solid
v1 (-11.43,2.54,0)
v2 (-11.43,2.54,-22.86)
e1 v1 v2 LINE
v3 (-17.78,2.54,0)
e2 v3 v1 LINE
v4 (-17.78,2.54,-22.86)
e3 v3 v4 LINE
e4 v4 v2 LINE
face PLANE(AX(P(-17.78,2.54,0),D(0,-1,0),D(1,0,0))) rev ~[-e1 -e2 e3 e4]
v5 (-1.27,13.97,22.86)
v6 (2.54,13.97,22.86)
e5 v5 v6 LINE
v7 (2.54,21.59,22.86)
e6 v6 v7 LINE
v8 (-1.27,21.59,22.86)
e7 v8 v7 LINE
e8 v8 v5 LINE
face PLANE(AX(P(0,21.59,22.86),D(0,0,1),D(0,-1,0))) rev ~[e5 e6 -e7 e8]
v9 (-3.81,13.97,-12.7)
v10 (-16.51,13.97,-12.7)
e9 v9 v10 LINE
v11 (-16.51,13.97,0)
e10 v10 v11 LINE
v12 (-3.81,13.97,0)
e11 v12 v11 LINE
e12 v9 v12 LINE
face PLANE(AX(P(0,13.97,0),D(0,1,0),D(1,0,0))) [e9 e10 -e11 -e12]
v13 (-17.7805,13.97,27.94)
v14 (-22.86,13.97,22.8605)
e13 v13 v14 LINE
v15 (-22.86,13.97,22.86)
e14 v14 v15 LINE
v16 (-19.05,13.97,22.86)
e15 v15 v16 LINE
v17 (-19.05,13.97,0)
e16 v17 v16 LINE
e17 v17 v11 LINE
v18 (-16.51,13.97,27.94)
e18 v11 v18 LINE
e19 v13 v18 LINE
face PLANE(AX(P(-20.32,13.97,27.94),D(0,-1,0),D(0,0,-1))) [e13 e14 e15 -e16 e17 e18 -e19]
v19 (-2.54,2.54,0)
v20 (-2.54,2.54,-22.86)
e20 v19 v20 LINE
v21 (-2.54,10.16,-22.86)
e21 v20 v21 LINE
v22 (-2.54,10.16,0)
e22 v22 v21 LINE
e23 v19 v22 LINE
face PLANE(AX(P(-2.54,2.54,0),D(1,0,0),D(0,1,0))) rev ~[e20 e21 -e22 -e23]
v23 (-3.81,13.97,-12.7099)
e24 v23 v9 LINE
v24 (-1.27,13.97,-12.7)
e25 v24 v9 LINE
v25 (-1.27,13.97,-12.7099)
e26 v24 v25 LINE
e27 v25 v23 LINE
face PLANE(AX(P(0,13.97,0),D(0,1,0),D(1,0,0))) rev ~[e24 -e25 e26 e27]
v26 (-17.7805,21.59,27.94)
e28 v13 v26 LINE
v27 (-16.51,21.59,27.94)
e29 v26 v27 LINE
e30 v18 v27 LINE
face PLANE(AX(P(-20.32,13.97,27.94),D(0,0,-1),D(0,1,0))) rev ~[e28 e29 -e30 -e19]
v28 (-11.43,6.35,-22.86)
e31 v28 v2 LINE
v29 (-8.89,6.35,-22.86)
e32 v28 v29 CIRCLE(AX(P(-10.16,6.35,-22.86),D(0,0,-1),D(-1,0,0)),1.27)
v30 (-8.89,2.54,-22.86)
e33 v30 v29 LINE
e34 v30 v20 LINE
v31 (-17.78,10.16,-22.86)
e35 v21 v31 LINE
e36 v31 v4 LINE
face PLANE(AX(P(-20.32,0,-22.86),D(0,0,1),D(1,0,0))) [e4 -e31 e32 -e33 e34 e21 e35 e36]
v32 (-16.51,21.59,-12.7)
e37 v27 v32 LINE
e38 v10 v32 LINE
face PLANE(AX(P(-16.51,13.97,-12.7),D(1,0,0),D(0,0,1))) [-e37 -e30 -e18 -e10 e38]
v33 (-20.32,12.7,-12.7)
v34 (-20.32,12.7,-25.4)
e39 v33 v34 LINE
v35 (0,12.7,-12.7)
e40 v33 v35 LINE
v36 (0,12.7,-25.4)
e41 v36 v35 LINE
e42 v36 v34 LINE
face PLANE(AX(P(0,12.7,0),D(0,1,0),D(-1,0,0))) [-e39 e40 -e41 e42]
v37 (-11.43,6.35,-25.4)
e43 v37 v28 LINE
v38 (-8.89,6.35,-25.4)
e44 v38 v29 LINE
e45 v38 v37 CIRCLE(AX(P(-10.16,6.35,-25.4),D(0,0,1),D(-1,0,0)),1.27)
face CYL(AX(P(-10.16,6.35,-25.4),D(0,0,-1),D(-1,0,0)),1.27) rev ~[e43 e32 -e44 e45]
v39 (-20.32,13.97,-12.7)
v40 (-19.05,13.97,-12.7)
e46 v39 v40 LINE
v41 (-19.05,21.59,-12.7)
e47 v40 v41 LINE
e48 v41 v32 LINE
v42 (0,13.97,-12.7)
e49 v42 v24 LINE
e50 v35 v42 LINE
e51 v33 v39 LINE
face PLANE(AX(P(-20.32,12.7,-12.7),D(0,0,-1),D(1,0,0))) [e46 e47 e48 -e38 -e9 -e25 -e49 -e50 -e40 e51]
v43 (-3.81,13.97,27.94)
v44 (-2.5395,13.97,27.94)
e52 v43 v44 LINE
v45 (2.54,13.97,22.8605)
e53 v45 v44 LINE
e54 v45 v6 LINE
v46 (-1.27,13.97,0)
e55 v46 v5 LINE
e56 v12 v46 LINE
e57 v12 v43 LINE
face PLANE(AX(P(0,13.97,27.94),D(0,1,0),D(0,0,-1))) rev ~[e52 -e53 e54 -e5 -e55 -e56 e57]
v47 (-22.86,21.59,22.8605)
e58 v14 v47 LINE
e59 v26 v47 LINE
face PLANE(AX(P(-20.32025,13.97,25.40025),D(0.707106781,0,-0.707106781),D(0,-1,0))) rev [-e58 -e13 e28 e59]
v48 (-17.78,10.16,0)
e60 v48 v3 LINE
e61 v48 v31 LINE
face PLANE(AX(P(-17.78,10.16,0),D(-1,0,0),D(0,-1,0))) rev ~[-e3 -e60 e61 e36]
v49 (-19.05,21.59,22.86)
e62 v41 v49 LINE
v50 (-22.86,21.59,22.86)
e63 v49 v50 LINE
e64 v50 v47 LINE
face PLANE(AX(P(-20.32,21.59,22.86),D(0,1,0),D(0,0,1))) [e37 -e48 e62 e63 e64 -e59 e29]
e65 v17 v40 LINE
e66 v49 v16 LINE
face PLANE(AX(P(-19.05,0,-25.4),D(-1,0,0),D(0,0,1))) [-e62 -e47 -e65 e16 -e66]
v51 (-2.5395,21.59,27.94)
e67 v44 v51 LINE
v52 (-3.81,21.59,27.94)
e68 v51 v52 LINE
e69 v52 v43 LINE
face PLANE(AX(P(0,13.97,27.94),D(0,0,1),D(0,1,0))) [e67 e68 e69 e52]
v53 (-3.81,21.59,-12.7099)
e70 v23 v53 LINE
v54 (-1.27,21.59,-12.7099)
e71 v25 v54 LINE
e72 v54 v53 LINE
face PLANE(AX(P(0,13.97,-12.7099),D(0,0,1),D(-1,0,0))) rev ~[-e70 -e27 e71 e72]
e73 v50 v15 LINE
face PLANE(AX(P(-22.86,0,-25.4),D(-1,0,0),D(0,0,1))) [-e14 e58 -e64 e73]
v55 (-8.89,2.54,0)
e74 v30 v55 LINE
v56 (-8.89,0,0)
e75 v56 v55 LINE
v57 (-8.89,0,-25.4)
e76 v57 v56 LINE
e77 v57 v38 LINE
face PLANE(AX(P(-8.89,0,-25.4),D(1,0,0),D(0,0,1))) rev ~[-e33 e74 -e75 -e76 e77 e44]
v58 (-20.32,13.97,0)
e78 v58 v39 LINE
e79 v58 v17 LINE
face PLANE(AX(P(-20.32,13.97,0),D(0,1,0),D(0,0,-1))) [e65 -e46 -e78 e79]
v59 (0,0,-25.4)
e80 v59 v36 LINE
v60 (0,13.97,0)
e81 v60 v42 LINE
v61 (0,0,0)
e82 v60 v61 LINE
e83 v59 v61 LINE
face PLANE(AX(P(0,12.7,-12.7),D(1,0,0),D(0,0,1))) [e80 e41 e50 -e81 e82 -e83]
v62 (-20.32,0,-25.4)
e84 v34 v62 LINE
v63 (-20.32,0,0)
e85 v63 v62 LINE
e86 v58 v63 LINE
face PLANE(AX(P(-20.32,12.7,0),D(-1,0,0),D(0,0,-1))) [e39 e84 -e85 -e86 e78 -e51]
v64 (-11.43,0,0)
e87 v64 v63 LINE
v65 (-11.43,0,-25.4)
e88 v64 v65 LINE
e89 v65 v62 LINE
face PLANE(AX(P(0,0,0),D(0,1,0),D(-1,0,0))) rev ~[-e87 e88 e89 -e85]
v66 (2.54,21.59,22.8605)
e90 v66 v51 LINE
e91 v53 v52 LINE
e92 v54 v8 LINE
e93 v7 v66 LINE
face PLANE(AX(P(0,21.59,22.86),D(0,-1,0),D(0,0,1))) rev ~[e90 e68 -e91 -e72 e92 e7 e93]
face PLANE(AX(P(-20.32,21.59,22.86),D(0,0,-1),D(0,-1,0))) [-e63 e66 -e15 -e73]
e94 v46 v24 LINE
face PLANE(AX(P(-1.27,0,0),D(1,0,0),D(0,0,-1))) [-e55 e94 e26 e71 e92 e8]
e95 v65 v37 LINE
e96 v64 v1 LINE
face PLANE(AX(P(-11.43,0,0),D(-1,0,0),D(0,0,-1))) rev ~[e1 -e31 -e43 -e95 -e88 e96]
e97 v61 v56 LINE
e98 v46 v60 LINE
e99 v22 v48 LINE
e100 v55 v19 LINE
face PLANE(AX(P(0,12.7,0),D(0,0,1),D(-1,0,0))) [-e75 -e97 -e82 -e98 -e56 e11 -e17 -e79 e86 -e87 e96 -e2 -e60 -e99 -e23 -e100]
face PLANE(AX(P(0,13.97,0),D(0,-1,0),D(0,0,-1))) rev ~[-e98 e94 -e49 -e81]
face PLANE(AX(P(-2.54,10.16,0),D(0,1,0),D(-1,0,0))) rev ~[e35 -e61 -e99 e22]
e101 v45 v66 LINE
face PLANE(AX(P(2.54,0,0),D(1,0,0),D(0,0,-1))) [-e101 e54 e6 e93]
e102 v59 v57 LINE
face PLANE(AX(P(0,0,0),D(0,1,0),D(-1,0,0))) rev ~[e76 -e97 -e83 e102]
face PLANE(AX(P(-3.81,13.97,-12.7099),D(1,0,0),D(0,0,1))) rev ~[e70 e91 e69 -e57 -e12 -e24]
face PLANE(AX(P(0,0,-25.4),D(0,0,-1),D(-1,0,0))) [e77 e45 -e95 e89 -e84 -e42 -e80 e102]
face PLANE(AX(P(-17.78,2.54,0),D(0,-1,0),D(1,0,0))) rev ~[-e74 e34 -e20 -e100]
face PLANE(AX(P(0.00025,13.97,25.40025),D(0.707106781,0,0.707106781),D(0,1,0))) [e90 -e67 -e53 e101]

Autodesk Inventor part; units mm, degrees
ref_plane "YZ Plane" through (0, 0, 0) normal (1, 0, 0) x (0, 1, 0)
ref_plane "XZ Plane" through (0, 0, 0) normal (0, 1, 0) x (-1, 0, 0)
ref_plane "XY Plane" through (0, 0, 0) normal (0, 0, 1) x (1, 0, 0)
sketch "Sketch1" plane through (0, 0, 0) normal (0, 1, 0) x (-1, 0, 0)
  line L0 (0, 0) -> (20.32, 0)
  line L1 (20.32, 0) -> (20.32, -27.94)
  line L2 (20.32, -27.94) -> (0, -27.94)
  line L3 (0, -27.94) -> (0, 0)
  dimension "d0" = 20.32
  dimension "d1" = 27.94
extrude "Extrusion1" add sketch "Sketch1" along normal blind 12.7
sketch "Sketch2" plane through (-20.32, 0, 0) normal (0, 0, 1) x (1, 0, 0)
  line L0 (2.54, 2.54) -> (17.78, 2.54)
  line L1 (17.78, 2.54) -> (17.78, 10.16)
  line L2 (17.78, 10.16) -> (2.54, 10.16)
  line L3 (2.54, 10.16) -> (2.54, 2.54)
  point P0 (0, 0)
  dimension "d6" = 15.24
  dimension "d7" = 7.62
extrude "Extrusion2" cut sketch "Sketch2" against normal blind 22.86
sketch "Sketch3" plane through (0, 0, -27.94) normal (0, 0, -1) x (-1, 0, 0)
  line L0 (0, 0) -> (0, 12.7) projected
  line L1 (0, 0) -> (20.32, 0) projected
  line L2 (0, 12.7) -> (20.32, 12.7)
  line L3 (20.32, 12.7) -> (20.32, 0)
  line L4 (20.32, 0) -> (0, 0)
  line L5 (0, 0) -> (0, 12.7)
extrude "Extrusion3" cut sketch "Sketch3" against normal blind 2.54
sketch "Sketch4" plane through (0, 0, 0) normal (0, -1, 0) x (1, 0, 0)
  line L0 (-8.89, 0) -> (-11.43, 0)
  line L1 (-11.43, 0) -> (-11.43, -25.4)
  line L2 (-11.43, -25.4) -> (-8.89, -25.4)
  line L3 (-8.89, -25.4) -> (-8.89, 0)
  line L4 (-20.32, 0) -> (-20.32, -25.4) projected
  line L5 (0, -25.4) -> (0, 0) projected
  dimension "d12" = 8.89
  dimension "d32" = 8.89
sketch "Sketch5" plane through (0, 0, -25.4) normal (0, 0, -1) x (-1, 0, 0)
  line L0 (0, 0) -> (20.32, 0) projected
  line L1 (10.16, 0) -> (10.16, 6.35)
  circle A0 centre (10.16, 6.35) radius 1.27
  dimension "d14" = 6.35
  dimension "d15" = 2.54
extrude "Extrusion4" cut sketch "Sketch5" against normal blind 2.54
extrude "Extrusion5" cut sketch "Sketch4" against normal blind 6.35
sketch "Sketch8" plane through (0, 12.7, 0) normal (0, 1, 0) x (1, 0, 0)
  line L0 (0, 25.4) -> (0, 0) projected
  line L1 (-20.32, 0) -> (-20.32, 25.4) projected
  line L2 (0, 0) -> (-20.32, 0)
  line L3 (-20.32, 0) -> (-20.32, 12.7)
  line L4 (-20.32, 12.7) -> (0, 12.7)
  line L5 (0, 12.7) -> (0, 0)
extrude "Extrusion8" add sketch "Sketch8" along normal blind 2.54
sketch "Sketch9" plane through (-17.78, 10.16, 0) normal (0, 0, 1) x (1, 0, 0)
  arc A0 (8.89, -3.81) -> (6.35, -3.81) centre (7.62, -3.81) ccw projected
  line L0 (7.62, -3.81) -> (7.62, 7.62)
  point P0 (17.78, -10.16)
  dimension "d36" = 11.43
sketch "Sketch10" plane through (0, 15.24, 0) normal (0, 1, 0) x (1, 0, 0)
  line L0 (-11.43, 0) -> (-20.32, 0) projected
  line L1 (-20.32, 0) -> (0, 0)
  line L2 (0, 0) -> (0, 12.7)
  line L3 (0, 12.7) -> (-20.32, 12.7)
  line L4 (-20.32, 12.7) -> (-20.32, 0)
extrude "Extrusion9" cut sketch "Sketch10" against normal blind 1.27
sketch "Sketch11" plane through (0, 13.97, 0) normal (0, 1, 0) x (1, 0, 0)
  point P0 (0, 0)
sketch "Sketch12" plane through (0, 13.97, 0) normal (0, 1, 0) x (1, 0, 0)
  line L0 (-17.78, 0) -> (-2.54, 0) projected
  line L1 (-10.16, 0) -> (-10.16, 12.7099)
  line L2 (-10.16, 0) -> (-16.51, 0)
  line L3 (-11.43, 0) -> (-20.32, 0) projected
  line L4 (-10.16, 0) -> (-3.81, 0)
  line L5 (-3.81, 0) -> (0, 0)
  line L6 (0, 0) -> (0, 12.7099)
  line L7 (0, 12.7099) -> (-3.81, 12.7099)
  line L8 (-3.81, 12.7099) -> (-3.81, 0)
  line L9 (-20.32, 0) -> (-20.32, 12.7) projected
  line L10 (-16.51, 0) -> (-20.32, 0)
  line L11 (-20.32, 0) -> (-20.32, 12.7)
  line L12 (-20.32, 12.7) -> (-16.51, 12.7)
  line L13 (-16.51, 12.7) -> (-16.51, 0)
  dimension "d39" = 6.35
  dimension "d40" = 6.35
extrude "Extrusion10" add sketch "Sketch12" along normal blind 7.62
sketch "Sketch13" plane through (-17.78, 10.16, 0) normal (0, 0, 1) x (1, 0, 0)
  line L0 (17.78, 3.81) -> (17.78, 11.43) projected
  line L1 (1.27, 3.81) -> (13.97, 3.81) projected
  line L2 (17.78, 11.43) -> (13.97, 11.43)
  line L3 (13.97, 11.43) -> (13.97, 3.81)
  line L4 (13.97, 3.81) -> (17.78, 3.81)
  line L5 (17.78, 3.81) -> (17.78, 11.43)
  line L6 (1.27, 11.43) -> (-2.54, 11.43) projected
  line L7 (-2.54, 2.54) -> (-2.54, 11.43) projected
  line L8 (1.27, 11.43) -> (-2.54, 11.43)
  line L9 (-2.54, 11.43) -> (-2.54, 3.81)
  line L10 (-2.54, 3.81) -> (1.27, 3.81)
  line L11 (1.27, 3.81) -> (1.27, 11.43)
  point P0 (17.78, -10.16)
extrude "Extrusion11" add sketch "Sketch13" along normal blind 27.94
sketch "Sketch14" plane through (0, 0, 0) normal (1, 0, 0) x (0, 0, -1)
  line L0 (-27.94, 13.97) -> (-27.94, 21.59) projected
  line L1 (12.7, 21.59) -> (-27.94, 21.59) projected
  line L2 (-27.94, 13.97) -> (-22.86, 13.97)
  line L3 (-22.86, 13.97) -> (-22.86, 21.59)
  line L4 (-22.86, 21.59) -> (-27.94, 21.59)
  line L5 (-27.94, 21.59) -> (-27.94, 13.97)
  point P0 (0, 0)
  dimension "d45" = 5.08
sketch "Sketch15" plane through (0, 21.59, 0) normal (0, 1, 0) x (1, 0, 0)
  point P0 (0, 0)
extrude "Extrusion12" add sketch "Sketch14" along normal blind 2.54
sketch "Sketch16" plane through (-20.32, 0, -25.4) normal (-1, 0, 0) x (0, 0, 1)
  line L0 (48.26, 21.59) -> (53.34, 21.59) projected
  line L1 (53.34, 13.97) -> (48.26, 13.97) projected
  line L2 (53.34, 21.59) -> (48.26, 21.59)
  line L3 (48.26, 21.59) -> (48.26, 13.97)
  line L4 (48.26, 13.97) -> (53.34, 13.97)
  line L5 (53.34, 13.97) -> (53.34, 21.59)
  point P0 (25.4, 0)
extrude "Extrusion13" add sketch "Sketch16" along normal blind 2.54
chamfer "Chamfer3" distance 5.08 angle 45 1 edges at (-22.86, 17.78, 27.94)
chamfer "Chamfer4" distance 5.08 angle 45 1 edges at (2.54, 17.78, 27.94)
sketch "Sketch17" plane through (-20.32, 0, -25.4) normal (-1, 0, 0) x (0, 0, 1)
  line L0 (12.7, 12.7) -> (12.7, 21.59) projected
  line L1 (25.4, 13.97) -> (48.26, 13.97) projected
  line L2 (12.7, 21.59) -> (48.26, 21.59)
  line L3 (48.26, 21.59) -> (48.26, 13.97)
  line L4 (48.26, 13.97) -> (12.7, 13.97)
  line L5 (12.7, 13.97) -> (12.7, 21.59)
  point P0 (25.4, 0)
extrude "Extrusion14" cut sketch "Sketch17" against normal blind 1.27
sketch "Sketch18" plane through (0, 0, 0) normal (1, 0, 0) x (0, 0, -1)
  line L0 (12.7099, 13.97) -> (12.7099, 21.59) projected
  line L1 (0, 13.97) -> (-22.86, 13.97) projected
  line L2 (12.7099, 21.59) -> (-22.86, 21.59)
  line L3 (-22.86, 21.59) -> (-22.86, 13.97)
  line L4 (-22.86, 13.97) -> (12.7099, 13.97)
  line L5 (12.7099, 13.97) -> (12.7099, 21.59)
  point P0 (0, 0)
extrude "Extrusion15" cut sketch "Sketch18" against normal blind 1.27
properties part number "Small USB Cover"
